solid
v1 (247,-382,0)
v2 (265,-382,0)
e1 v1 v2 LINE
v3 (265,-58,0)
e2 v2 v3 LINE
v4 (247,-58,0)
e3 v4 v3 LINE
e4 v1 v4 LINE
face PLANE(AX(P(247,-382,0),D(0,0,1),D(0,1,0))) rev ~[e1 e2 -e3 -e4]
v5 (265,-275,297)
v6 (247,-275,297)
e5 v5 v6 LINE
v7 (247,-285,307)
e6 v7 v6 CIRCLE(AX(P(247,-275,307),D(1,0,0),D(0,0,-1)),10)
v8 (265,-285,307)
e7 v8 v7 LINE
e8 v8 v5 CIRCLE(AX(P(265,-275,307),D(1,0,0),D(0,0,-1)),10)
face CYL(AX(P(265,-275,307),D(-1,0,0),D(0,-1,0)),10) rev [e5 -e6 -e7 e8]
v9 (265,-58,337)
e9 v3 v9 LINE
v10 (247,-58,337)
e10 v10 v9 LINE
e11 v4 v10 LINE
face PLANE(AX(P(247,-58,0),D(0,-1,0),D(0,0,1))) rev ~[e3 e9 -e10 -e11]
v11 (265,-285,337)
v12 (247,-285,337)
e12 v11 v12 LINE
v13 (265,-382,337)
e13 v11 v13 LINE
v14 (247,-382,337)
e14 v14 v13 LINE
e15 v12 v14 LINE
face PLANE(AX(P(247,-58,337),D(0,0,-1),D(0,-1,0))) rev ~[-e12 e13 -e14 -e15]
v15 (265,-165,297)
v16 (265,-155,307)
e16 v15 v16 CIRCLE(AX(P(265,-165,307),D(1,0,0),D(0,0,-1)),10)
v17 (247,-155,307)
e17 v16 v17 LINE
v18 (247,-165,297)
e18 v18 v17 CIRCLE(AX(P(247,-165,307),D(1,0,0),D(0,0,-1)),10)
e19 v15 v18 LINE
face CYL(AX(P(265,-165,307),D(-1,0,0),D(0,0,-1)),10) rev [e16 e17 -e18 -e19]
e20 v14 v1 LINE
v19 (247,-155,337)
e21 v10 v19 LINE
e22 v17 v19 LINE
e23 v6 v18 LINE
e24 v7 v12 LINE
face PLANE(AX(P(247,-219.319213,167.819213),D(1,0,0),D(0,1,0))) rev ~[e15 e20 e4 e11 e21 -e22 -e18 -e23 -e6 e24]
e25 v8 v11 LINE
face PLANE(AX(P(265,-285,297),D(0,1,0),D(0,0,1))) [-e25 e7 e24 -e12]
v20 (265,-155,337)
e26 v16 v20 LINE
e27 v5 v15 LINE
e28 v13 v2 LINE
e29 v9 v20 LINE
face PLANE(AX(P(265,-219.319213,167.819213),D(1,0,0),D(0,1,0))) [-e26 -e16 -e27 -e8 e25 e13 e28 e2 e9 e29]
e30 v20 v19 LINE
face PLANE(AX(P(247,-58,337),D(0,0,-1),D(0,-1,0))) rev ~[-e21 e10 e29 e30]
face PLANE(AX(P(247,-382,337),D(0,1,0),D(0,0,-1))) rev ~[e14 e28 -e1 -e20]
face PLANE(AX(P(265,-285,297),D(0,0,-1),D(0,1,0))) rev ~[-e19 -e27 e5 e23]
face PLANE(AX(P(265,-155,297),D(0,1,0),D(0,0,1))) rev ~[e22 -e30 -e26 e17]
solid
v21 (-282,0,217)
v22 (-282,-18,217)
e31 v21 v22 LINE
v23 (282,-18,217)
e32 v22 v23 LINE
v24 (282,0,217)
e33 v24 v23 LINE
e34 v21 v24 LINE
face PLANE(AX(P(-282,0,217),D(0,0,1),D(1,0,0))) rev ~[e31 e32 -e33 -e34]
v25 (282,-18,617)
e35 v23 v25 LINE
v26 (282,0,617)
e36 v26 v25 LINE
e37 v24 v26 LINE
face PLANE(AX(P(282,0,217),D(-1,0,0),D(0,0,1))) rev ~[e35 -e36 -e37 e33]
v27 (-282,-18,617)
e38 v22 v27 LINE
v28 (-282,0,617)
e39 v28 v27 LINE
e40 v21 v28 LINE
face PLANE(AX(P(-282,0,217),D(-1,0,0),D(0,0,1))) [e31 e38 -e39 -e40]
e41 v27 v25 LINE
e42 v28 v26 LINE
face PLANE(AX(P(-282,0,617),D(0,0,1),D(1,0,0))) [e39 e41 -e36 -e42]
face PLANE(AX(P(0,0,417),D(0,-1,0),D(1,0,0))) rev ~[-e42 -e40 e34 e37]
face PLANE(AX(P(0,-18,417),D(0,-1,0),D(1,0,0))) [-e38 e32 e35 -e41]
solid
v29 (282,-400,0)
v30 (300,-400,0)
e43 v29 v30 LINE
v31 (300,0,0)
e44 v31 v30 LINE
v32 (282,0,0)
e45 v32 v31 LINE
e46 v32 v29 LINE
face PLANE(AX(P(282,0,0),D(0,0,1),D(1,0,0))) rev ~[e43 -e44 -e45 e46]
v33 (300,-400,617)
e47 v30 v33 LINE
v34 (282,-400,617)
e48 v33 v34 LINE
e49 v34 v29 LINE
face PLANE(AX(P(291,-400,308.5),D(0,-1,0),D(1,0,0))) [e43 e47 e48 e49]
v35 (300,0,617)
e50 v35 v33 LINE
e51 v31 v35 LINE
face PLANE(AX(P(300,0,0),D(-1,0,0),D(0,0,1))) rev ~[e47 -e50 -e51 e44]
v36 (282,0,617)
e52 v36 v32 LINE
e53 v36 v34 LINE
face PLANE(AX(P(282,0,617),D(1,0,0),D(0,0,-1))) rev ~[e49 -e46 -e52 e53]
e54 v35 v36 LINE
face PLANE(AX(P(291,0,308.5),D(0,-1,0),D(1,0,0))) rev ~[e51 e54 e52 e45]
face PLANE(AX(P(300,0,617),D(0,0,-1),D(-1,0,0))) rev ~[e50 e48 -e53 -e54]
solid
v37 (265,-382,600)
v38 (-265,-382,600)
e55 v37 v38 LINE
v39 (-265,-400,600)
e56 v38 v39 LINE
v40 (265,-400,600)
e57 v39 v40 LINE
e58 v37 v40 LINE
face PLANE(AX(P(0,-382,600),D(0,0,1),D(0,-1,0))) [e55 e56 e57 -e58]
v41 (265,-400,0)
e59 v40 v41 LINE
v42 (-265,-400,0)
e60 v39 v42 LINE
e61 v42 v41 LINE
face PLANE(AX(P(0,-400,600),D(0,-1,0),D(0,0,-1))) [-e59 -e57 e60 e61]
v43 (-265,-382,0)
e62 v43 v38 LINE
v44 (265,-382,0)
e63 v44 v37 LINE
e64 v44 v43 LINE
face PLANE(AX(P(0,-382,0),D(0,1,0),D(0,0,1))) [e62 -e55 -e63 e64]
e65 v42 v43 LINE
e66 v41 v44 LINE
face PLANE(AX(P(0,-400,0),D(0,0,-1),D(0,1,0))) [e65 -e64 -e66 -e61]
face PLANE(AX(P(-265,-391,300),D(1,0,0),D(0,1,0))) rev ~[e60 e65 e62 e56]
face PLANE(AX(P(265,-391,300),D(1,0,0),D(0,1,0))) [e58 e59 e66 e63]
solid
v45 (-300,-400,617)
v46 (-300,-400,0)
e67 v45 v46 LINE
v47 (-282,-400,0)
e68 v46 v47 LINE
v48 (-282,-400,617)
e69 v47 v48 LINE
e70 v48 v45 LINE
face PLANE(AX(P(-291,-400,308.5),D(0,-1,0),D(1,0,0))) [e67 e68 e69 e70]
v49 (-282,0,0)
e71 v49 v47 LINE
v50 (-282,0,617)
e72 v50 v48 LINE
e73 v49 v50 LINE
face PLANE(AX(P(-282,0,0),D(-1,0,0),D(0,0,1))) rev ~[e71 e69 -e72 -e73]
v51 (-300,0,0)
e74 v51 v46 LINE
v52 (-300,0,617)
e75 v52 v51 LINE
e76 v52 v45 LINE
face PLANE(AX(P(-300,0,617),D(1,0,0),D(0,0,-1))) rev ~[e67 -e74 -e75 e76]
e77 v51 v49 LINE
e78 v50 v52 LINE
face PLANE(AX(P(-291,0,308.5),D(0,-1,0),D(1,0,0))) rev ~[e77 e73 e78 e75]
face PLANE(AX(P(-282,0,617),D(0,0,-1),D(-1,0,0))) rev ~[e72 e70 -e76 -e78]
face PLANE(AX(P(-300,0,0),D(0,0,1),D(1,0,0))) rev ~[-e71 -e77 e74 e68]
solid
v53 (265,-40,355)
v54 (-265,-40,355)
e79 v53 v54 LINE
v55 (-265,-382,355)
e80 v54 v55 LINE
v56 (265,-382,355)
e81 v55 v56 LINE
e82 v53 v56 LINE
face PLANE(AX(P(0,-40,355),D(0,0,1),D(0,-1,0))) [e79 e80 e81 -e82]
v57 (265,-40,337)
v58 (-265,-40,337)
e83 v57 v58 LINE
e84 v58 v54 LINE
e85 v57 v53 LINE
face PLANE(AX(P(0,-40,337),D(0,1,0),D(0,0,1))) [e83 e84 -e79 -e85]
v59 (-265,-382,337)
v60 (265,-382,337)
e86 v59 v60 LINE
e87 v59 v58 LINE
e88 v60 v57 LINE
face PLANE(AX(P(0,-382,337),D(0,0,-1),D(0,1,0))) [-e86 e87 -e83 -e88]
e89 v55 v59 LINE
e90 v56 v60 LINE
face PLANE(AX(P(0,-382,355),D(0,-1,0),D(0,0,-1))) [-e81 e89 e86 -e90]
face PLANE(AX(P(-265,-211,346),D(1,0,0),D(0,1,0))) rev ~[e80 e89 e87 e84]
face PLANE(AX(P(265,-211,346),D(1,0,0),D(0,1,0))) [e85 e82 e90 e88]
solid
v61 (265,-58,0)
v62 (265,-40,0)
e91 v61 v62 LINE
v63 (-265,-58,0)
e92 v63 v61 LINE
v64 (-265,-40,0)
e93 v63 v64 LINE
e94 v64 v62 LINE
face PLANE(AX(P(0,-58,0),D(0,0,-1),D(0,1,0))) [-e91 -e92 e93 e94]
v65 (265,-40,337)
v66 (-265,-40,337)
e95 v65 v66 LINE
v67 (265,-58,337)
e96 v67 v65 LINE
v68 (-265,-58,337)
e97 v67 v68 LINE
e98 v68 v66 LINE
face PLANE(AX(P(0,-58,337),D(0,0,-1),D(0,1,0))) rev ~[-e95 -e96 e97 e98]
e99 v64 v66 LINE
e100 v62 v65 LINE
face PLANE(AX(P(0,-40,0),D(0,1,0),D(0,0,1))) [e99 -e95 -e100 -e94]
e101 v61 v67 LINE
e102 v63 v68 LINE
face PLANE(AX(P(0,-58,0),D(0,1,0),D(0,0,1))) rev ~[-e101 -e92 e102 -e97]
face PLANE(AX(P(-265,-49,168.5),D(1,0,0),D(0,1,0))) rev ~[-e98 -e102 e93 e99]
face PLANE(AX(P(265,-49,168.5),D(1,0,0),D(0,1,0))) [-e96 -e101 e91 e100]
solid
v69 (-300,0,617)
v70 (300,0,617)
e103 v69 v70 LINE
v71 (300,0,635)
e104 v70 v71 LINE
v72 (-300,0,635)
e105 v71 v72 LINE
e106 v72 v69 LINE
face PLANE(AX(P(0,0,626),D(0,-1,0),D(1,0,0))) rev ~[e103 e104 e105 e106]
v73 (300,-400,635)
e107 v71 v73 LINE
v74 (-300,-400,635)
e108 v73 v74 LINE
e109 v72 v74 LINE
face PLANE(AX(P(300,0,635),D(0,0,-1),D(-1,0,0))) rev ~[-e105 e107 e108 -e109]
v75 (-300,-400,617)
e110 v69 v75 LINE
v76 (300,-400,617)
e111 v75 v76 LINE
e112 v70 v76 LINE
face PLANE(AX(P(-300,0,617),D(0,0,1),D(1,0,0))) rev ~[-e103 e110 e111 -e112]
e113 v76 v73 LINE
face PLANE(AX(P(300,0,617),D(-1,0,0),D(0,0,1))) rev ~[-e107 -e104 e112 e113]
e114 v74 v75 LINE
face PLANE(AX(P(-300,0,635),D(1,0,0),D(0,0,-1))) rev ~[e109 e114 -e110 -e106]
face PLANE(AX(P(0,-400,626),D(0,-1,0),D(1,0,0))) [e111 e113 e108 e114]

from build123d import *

# Parameters (mm, degrees)
F1_DEPTH  = 400
F2_DEPTH  = 400
F3_DEPTH  = 400
F0_W      = 564
F0_H      = 400
F4_DEPTH  = 18
F6_DEPTH  = 265
F7_DEPTH  = 265
F5_W      = 18
F5_H      = 337
F8_DEPTH  = 265
F9_START  = 247
F5_H_2    = 50
F9_DEPTH  = 18
F10_W     = 130
F10_H     = 40
F11_DEPTH = 18
F12_R     = 10


with BuildPart() as f1:
    # F0 (on Front) → F1 (new body)
    with BuildSketch(Plane.XZ):
        Polygon((-282, 0), (-282, 217), (-282, 617), (-300, 617), (-300, 0), align=None)
    extrude(amount=F1_DEPTH)


with BuildPart() as f2:
    # F0 (on Front) → F2 (new body)
    with BuildSketch(Plane.XZ):
        Polygon((282, 217), (282, 0), (300, 0), (300, 617), (282, 617), align=None)
    extrude(amount=F2_DEPTH)


with BuildPart() as f3:
    # F0 (on Front) → F3 (new body)
    with BuildSketch(Plane.XZ):
        Polygon((282, 617), (300, 617), (300, 635), (-300, 635), (-300, 617), (-282, 617), align=None)
    extrude(amount=F3_DEPTH)


with BuildPart() as f4:
    # F0 (on Front) → F4 (new body)
    with BuildSketch(Plane.XZ):
        with Locations((0, 417)):
            Rectangle(F0_W, F0_H)
    extrude(amount=F4_DEPTH)


with BuildPart() as f6:
    # F5 (on Right) → F6 (new body, symmetric)
    with BuildSketch(Plane.YZ):
        Polygon((-382, 600), (-400, 600), (-400, 0), (-382, 0), (-382, 287), (-382, 337), (-382, 355), align=None)
    extrude(amount=F6_DEPTH, both=True)


with BuildPart() as f7:
    # F5 (on Right) → F7 (new body, symmetric)
    with BuildSketch(Plane.YZ):
        Polygon((-40, 355), (-382, 355), (-382, 337), (-364, 337), (-58, 337), (-40, 337), align=None)
    extrude(amount=F7_DEPTH, both=True)


with BuildPart() as f8:
    # F5 (on Right) → F8 (new body, symmetric)
    with BuildSketch(Plane.YZ):
        with Locations((-49, 168.5)):
            Rectangle(F5_W, F5_H)
    extrude(amount=F8_DEPTH, both=True)


with BuildPart() as f9:
    # F5 (on Right) → F9 (new body)
    with BuildSketch(Plane.YZ.offset(F9_START)):
        Polygon((-382, 287), (-382, 0), (-58, 0), (-58, 337), (-364, 337), (-364, 287), align=None)
        with Locations((-373, 312)):
            Rectangle(F5_W, F5_H_2)
    extrude(amount=F9_DEPTH)

    # F10 (on face) → F11 (cut, through all)
    with BuildSketch(Plane.YZ.offset(265)):
        with Locations((-220, 317)):
            Rectangle(F10_W, F10_H)
    extrude(amount=-F11_DEPTH, mode=Mode.SUBTRACT)

    # F12
    f12_edges = [f9.edges().sort_by_distance(p)[0] for p in [
        (256, -285, 297),
        (256, -155, 297),
    ]]
    fillet(f12_edges, radius=F12_R)


solid = Compound([f1.part, f2.part, f3.part, f4.part, f6.part, f7.part, f8.part, f9.part])
